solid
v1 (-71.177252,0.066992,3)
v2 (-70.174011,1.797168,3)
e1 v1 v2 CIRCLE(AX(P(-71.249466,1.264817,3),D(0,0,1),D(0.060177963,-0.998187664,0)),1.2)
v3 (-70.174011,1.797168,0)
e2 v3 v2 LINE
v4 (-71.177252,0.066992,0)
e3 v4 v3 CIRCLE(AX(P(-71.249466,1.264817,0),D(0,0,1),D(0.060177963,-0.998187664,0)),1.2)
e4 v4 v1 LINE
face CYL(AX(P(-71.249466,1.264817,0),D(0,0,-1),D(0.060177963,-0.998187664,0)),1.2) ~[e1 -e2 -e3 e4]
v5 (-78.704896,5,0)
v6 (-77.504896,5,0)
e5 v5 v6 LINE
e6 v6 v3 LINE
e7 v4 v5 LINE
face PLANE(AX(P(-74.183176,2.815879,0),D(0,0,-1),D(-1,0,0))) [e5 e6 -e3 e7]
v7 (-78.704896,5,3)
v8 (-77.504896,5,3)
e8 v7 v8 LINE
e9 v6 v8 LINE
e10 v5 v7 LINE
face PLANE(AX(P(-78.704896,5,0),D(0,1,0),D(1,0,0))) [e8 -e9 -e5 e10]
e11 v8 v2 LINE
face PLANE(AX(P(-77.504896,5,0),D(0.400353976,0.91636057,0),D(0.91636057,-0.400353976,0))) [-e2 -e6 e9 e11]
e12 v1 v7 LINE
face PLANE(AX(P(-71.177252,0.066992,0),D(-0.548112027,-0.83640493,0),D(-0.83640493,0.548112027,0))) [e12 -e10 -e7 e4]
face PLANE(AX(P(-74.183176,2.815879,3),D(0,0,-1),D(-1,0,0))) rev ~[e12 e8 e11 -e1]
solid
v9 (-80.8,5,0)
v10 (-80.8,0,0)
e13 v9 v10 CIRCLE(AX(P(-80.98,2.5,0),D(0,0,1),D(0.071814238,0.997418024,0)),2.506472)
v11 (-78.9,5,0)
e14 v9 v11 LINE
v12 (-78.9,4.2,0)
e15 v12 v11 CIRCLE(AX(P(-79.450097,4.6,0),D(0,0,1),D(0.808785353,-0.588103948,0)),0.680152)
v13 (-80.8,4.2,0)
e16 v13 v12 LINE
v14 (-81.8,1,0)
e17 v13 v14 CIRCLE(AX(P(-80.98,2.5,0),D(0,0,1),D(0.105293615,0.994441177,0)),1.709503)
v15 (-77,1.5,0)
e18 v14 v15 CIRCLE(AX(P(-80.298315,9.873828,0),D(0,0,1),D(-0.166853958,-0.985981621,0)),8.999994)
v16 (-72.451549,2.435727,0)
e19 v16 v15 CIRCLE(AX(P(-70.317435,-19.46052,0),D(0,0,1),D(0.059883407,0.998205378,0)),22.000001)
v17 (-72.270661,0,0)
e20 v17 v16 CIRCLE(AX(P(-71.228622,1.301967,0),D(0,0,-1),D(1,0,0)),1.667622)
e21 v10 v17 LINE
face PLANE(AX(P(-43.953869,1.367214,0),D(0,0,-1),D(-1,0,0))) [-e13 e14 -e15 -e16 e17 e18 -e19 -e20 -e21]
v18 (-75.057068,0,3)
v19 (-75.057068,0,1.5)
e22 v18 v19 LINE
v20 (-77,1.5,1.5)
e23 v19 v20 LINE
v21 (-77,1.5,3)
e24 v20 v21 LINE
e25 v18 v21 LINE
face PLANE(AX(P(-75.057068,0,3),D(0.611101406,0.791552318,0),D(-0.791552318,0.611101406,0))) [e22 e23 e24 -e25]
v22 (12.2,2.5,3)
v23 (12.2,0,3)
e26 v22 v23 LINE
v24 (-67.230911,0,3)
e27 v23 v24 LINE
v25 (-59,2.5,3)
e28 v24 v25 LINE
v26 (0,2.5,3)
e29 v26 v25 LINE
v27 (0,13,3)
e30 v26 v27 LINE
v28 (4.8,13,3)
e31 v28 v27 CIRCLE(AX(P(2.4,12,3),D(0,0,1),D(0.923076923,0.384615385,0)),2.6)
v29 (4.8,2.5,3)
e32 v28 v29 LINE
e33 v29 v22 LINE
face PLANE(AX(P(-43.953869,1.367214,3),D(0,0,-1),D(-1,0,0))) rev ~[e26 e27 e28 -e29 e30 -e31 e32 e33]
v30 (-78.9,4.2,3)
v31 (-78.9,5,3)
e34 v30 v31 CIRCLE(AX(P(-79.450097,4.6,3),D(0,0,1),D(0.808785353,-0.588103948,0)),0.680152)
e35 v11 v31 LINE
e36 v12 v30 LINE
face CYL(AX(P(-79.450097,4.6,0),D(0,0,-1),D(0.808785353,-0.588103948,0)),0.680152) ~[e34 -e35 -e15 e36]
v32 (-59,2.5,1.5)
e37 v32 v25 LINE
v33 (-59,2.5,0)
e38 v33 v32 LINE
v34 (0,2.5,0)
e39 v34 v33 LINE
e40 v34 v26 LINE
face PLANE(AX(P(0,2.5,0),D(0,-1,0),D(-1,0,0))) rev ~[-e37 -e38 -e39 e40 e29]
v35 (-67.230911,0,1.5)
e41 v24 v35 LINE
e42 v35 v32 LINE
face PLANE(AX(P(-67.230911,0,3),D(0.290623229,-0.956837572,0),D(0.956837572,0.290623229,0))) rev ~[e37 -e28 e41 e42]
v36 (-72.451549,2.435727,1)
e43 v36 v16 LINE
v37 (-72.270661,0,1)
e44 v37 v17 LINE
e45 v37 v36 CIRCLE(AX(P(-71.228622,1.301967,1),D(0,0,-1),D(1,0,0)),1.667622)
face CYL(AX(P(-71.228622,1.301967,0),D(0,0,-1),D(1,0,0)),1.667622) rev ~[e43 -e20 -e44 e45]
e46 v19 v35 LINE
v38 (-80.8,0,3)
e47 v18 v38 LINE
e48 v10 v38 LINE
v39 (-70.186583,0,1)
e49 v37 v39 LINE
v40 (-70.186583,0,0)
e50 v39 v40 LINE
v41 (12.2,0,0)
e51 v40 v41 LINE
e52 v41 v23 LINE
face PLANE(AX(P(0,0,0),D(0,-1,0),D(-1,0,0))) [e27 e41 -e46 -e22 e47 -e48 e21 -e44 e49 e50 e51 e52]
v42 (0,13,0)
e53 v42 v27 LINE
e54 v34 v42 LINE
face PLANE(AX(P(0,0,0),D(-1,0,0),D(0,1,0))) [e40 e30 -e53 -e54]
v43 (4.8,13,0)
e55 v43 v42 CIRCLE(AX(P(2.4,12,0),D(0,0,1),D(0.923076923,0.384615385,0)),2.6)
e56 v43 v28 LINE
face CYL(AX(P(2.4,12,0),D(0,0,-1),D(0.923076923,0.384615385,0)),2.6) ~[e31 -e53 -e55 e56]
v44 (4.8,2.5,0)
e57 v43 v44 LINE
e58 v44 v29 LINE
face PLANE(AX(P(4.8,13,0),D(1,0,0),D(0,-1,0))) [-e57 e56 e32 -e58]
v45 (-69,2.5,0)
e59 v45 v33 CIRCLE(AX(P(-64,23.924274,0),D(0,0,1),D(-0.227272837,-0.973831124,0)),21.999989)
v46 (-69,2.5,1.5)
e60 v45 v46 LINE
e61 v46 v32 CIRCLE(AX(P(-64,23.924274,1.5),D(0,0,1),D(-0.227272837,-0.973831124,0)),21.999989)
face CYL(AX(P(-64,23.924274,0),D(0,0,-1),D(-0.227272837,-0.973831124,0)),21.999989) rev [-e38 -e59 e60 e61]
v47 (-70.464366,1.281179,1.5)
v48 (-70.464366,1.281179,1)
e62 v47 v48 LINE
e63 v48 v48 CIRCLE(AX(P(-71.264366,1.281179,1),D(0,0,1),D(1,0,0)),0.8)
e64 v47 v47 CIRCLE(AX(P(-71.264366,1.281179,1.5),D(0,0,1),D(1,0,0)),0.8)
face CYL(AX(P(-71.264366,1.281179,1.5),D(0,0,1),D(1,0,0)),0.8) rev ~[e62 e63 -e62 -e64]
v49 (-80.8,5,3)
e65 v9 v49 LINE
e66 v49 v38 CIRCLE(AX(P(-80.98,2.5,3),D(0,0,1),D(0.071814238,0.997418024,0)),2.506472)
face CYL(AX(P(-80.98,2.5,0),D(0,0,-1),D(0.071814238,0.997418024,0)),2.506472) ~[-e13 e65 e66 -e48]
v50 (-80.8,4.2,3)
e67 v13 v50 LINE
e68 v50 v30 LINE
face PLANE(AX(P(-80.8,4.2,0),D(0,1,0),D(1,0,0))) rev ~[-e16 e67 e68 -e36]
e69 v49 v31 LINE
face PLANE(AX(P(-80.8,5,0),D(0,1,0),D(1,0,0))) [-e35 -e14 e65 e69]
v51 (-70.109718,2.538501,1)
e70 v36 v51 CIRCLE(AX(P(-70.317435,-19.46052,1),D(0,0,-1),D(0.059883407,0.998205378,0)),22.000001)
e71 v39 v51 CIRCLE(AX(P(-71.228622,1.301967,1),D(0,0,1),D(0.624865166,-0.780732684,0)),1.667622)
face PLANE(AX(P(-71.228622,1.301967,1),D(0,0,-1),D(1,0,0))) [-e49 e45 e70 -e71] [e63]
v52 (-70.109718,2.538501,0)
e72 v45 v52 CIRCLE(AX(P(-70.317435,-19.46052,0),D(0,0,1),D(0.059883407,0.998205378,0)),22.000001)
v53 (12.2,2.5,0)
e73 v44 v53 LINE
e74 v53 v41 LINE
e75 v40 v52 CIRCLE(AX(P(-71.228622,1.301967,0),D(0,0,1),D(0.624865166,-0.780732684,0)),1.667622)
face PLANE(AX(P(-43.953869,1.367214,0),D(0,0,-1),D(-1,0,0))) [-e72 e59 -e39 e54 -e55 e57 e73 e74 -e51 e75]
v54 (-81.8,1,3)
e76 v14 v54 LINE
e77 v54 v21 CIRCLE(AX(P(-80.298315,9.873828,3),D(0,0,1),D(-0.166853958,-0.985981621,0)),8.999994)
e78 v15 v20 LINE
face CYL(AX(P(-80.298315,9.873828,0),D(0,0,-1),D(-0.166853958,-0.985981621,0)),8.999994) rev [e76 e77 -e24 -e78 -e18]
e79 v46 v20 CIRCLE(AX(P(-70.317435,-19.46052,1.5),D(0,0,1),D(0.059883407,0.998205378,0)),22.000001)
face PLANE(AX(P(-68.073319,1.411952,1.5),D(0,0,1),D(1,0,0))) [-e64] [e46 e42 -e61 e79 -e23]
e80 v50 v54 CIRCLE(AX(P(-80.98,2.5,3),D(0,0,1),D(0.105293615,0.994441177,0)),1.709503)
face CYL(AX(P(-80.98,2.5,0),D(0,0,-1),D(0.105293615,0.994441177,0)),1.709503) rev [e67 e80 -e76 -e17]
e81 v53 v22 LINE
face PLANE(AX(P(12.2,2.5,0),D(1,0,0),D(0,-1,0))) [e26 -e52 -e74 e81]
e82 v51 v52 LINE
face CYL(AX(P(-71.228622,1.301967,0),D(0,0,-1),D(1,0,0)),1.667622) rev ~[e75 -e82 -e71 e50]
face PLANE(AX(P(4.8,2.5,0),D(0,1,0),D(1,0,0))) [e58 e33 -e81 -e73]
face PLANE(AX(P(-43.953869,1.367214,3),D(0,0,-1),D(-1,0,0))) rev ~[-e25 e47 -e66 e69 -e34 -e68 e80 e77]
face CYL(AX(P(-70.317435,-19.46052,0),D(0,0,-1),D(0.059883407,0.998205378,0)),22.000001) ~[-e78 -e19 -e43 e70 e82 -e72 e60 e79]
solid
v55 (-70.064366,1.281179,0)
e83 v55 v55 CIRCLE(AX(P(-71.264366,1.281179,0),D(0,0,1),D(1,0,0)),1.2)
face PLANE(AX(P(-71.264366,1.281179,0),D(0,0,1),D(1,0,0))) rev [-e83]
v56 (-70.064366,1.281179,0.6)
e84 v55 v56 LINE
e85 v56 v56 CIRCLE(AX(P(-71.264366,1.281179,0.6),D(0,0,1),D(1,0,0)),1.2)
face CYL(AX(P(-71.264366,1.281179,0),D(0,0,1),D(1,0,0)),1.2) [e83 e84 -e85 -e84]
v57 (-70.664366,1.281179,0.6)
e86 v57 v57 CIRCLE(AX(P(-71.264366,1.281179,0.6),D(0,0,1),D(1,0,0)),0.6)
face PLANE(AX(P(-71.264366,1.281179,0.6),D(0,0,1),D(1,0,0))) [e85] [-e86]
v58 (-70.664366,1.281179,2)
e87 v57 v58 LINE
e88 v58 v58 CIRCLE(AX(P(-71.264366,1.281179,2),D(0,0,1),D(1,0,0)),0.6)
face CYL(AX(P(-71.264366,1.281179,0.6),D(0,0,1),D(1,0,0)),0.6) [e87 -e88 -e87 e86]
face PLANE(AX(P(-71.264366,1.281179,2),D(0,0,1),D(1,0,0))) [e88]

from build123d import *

# Parameters (mm, degrees)
PAD_DEPTH       = 3
PAD001_DEPTH    = 3
POCKET_DEPTH    = 1.5
SKETCH002_R     = 0.8
POCKET001_DEPTH = 1.501
SKETCH005_R     = 1.667622
POCKET002_DEPTH = 1
PAD002_DEPTH    = 3


with BuildPart() as revolution:
    # Sketch004 → Revolution (revolve)
    with BuildSketch(Plane(origin=(-71.264366, 1.281179, 0), x_dir=(1, 0, 0), z_dir=(0, -1, 0))):
        Polygon((0, 2), (0, 0), (1.2, 0), (1.2, 0.6), (0.6, 0.6), (0.6, 2), align=None)
    revolve(axis=Axis((-71.264366, 1.281179, 0), (0, 0, 1)))


with BuildPart() as pad:
    # Sketch → Pad (new body)
    with BuildSketch(Plane.XY):
        with BuildLine():
            Line((0, 0), (-80.8, 0))
            ThreePointArc((-80.8, 5), (-83.486472, 2.5), (-80.8, 0))
            Line((-80.8, 5), (-78.9, 5))
            ThreePointArc((-78.9, 4.2), (-78.769945, 4.6), (-78.9, 5))
            Line((-80.8, 4.2), (-78.9, 4.2))
            ThreePointArc((-80.8, 4.2), (-82.611686, 3.009902), (-81.8, 1))
            ThreePointArc((-81.8, 1), (-79.365861, 0.922269), (-77, 1.5))
            ThreePointArc((-69, 2.5), (-73.046199, 2.369595), (-77, 1.5))
            ThreePointArc((-69, 2.5), (-64, 1.924285), (-59, 2.5))
            Line((0, 2.5), (-59, 2.5))
            Line((0, 2.5), (0, 0))
        make_face()
    extrude(amount=PAD_DEPTH)


with BuildPart() as pocket002:
    # Sketch001 → Pad001 (new body)
    with BuildSketch(Plane.XY):
        with BuildLine():
            Line((0, 0), (0, 13))
            ThreePointArc((4.8, 13), (2.4, 14.6), (0, 13))
            Line((4.8, 13), (4.8, 2.5))
            Line((4.8, 2.5), (12.2, 2.5))
            Line((12.2, 2.5), (12.2, 0))
            Line((12.2, 0), (0, 0))
        make_face()
    extrude(amount=PAD001_DEPTH)

    # Fusion: union Pad
    add(pad.part)

    # Sketch003 → Pocket (cut)
    with BuildSketch(Plane.XY.offset(3)):
        with BuildLine():
            Line((-75.057068, 0), (-67.230911, 0))
            Line((-67.230911, 0), (-59, 2.5))
            ThreePointArc((-69, 2.5), (-64, 1.924285), (-59, 2.5))
            ThreePointArc((-69, 2.5), (-73.046199, 2.369595), (-77, 1.5))
            Line((-75.057068, 0), (-77, 1.5))
        make_face()
    extrude(amount=-POCKET_DEPTH, mode=Mode.SUBTRACT)

    # Sketch002 → Pocket001 (cut, through all)
    with BuildSketch(Plane.XY.offset(1.5)):
        with Locations((-71.264366, 1.281179)):
            Circle(SKETCH002_R)
    extrude(amount=-POCKET001_DEPTH, mode=Mode.SUBTRACT)

    # Sketch005 → Pocket002 (cut)
    with BuildSketch(Plane(origin=(0, 0, 0), x_dir=(1, 0, 0), z_dir=(0, 0, -1))):
        with Locations((-71.228622, -1.301967)):
            Circle(SKETCH005_R)
    extrude(amount=-POCKET002_DEPTH, mode=Mode.SUBTRACT)


with BuildPart() as pad002:
    # Sketch006 → Pad002 (new body)
    with BuildSketch(Plane.XY):
        with BuildLine():
            Line((-71.177252, 0.066992), (-78.704896, 5))
            Line((-78.704896, 5), (-77.504896, 5))
            Line((-77.504896, 5), (-70.174011, 1.797168))
            ThreePointArc((-71.177252, 0.066992), (-70.21136, 0.662873), (-70.174011, 1.797168))
        make_face()
    extrude(amount=PAD002_DEPTH)


solid = Compound([revolution.part, pocket002.part, pad002.part])
